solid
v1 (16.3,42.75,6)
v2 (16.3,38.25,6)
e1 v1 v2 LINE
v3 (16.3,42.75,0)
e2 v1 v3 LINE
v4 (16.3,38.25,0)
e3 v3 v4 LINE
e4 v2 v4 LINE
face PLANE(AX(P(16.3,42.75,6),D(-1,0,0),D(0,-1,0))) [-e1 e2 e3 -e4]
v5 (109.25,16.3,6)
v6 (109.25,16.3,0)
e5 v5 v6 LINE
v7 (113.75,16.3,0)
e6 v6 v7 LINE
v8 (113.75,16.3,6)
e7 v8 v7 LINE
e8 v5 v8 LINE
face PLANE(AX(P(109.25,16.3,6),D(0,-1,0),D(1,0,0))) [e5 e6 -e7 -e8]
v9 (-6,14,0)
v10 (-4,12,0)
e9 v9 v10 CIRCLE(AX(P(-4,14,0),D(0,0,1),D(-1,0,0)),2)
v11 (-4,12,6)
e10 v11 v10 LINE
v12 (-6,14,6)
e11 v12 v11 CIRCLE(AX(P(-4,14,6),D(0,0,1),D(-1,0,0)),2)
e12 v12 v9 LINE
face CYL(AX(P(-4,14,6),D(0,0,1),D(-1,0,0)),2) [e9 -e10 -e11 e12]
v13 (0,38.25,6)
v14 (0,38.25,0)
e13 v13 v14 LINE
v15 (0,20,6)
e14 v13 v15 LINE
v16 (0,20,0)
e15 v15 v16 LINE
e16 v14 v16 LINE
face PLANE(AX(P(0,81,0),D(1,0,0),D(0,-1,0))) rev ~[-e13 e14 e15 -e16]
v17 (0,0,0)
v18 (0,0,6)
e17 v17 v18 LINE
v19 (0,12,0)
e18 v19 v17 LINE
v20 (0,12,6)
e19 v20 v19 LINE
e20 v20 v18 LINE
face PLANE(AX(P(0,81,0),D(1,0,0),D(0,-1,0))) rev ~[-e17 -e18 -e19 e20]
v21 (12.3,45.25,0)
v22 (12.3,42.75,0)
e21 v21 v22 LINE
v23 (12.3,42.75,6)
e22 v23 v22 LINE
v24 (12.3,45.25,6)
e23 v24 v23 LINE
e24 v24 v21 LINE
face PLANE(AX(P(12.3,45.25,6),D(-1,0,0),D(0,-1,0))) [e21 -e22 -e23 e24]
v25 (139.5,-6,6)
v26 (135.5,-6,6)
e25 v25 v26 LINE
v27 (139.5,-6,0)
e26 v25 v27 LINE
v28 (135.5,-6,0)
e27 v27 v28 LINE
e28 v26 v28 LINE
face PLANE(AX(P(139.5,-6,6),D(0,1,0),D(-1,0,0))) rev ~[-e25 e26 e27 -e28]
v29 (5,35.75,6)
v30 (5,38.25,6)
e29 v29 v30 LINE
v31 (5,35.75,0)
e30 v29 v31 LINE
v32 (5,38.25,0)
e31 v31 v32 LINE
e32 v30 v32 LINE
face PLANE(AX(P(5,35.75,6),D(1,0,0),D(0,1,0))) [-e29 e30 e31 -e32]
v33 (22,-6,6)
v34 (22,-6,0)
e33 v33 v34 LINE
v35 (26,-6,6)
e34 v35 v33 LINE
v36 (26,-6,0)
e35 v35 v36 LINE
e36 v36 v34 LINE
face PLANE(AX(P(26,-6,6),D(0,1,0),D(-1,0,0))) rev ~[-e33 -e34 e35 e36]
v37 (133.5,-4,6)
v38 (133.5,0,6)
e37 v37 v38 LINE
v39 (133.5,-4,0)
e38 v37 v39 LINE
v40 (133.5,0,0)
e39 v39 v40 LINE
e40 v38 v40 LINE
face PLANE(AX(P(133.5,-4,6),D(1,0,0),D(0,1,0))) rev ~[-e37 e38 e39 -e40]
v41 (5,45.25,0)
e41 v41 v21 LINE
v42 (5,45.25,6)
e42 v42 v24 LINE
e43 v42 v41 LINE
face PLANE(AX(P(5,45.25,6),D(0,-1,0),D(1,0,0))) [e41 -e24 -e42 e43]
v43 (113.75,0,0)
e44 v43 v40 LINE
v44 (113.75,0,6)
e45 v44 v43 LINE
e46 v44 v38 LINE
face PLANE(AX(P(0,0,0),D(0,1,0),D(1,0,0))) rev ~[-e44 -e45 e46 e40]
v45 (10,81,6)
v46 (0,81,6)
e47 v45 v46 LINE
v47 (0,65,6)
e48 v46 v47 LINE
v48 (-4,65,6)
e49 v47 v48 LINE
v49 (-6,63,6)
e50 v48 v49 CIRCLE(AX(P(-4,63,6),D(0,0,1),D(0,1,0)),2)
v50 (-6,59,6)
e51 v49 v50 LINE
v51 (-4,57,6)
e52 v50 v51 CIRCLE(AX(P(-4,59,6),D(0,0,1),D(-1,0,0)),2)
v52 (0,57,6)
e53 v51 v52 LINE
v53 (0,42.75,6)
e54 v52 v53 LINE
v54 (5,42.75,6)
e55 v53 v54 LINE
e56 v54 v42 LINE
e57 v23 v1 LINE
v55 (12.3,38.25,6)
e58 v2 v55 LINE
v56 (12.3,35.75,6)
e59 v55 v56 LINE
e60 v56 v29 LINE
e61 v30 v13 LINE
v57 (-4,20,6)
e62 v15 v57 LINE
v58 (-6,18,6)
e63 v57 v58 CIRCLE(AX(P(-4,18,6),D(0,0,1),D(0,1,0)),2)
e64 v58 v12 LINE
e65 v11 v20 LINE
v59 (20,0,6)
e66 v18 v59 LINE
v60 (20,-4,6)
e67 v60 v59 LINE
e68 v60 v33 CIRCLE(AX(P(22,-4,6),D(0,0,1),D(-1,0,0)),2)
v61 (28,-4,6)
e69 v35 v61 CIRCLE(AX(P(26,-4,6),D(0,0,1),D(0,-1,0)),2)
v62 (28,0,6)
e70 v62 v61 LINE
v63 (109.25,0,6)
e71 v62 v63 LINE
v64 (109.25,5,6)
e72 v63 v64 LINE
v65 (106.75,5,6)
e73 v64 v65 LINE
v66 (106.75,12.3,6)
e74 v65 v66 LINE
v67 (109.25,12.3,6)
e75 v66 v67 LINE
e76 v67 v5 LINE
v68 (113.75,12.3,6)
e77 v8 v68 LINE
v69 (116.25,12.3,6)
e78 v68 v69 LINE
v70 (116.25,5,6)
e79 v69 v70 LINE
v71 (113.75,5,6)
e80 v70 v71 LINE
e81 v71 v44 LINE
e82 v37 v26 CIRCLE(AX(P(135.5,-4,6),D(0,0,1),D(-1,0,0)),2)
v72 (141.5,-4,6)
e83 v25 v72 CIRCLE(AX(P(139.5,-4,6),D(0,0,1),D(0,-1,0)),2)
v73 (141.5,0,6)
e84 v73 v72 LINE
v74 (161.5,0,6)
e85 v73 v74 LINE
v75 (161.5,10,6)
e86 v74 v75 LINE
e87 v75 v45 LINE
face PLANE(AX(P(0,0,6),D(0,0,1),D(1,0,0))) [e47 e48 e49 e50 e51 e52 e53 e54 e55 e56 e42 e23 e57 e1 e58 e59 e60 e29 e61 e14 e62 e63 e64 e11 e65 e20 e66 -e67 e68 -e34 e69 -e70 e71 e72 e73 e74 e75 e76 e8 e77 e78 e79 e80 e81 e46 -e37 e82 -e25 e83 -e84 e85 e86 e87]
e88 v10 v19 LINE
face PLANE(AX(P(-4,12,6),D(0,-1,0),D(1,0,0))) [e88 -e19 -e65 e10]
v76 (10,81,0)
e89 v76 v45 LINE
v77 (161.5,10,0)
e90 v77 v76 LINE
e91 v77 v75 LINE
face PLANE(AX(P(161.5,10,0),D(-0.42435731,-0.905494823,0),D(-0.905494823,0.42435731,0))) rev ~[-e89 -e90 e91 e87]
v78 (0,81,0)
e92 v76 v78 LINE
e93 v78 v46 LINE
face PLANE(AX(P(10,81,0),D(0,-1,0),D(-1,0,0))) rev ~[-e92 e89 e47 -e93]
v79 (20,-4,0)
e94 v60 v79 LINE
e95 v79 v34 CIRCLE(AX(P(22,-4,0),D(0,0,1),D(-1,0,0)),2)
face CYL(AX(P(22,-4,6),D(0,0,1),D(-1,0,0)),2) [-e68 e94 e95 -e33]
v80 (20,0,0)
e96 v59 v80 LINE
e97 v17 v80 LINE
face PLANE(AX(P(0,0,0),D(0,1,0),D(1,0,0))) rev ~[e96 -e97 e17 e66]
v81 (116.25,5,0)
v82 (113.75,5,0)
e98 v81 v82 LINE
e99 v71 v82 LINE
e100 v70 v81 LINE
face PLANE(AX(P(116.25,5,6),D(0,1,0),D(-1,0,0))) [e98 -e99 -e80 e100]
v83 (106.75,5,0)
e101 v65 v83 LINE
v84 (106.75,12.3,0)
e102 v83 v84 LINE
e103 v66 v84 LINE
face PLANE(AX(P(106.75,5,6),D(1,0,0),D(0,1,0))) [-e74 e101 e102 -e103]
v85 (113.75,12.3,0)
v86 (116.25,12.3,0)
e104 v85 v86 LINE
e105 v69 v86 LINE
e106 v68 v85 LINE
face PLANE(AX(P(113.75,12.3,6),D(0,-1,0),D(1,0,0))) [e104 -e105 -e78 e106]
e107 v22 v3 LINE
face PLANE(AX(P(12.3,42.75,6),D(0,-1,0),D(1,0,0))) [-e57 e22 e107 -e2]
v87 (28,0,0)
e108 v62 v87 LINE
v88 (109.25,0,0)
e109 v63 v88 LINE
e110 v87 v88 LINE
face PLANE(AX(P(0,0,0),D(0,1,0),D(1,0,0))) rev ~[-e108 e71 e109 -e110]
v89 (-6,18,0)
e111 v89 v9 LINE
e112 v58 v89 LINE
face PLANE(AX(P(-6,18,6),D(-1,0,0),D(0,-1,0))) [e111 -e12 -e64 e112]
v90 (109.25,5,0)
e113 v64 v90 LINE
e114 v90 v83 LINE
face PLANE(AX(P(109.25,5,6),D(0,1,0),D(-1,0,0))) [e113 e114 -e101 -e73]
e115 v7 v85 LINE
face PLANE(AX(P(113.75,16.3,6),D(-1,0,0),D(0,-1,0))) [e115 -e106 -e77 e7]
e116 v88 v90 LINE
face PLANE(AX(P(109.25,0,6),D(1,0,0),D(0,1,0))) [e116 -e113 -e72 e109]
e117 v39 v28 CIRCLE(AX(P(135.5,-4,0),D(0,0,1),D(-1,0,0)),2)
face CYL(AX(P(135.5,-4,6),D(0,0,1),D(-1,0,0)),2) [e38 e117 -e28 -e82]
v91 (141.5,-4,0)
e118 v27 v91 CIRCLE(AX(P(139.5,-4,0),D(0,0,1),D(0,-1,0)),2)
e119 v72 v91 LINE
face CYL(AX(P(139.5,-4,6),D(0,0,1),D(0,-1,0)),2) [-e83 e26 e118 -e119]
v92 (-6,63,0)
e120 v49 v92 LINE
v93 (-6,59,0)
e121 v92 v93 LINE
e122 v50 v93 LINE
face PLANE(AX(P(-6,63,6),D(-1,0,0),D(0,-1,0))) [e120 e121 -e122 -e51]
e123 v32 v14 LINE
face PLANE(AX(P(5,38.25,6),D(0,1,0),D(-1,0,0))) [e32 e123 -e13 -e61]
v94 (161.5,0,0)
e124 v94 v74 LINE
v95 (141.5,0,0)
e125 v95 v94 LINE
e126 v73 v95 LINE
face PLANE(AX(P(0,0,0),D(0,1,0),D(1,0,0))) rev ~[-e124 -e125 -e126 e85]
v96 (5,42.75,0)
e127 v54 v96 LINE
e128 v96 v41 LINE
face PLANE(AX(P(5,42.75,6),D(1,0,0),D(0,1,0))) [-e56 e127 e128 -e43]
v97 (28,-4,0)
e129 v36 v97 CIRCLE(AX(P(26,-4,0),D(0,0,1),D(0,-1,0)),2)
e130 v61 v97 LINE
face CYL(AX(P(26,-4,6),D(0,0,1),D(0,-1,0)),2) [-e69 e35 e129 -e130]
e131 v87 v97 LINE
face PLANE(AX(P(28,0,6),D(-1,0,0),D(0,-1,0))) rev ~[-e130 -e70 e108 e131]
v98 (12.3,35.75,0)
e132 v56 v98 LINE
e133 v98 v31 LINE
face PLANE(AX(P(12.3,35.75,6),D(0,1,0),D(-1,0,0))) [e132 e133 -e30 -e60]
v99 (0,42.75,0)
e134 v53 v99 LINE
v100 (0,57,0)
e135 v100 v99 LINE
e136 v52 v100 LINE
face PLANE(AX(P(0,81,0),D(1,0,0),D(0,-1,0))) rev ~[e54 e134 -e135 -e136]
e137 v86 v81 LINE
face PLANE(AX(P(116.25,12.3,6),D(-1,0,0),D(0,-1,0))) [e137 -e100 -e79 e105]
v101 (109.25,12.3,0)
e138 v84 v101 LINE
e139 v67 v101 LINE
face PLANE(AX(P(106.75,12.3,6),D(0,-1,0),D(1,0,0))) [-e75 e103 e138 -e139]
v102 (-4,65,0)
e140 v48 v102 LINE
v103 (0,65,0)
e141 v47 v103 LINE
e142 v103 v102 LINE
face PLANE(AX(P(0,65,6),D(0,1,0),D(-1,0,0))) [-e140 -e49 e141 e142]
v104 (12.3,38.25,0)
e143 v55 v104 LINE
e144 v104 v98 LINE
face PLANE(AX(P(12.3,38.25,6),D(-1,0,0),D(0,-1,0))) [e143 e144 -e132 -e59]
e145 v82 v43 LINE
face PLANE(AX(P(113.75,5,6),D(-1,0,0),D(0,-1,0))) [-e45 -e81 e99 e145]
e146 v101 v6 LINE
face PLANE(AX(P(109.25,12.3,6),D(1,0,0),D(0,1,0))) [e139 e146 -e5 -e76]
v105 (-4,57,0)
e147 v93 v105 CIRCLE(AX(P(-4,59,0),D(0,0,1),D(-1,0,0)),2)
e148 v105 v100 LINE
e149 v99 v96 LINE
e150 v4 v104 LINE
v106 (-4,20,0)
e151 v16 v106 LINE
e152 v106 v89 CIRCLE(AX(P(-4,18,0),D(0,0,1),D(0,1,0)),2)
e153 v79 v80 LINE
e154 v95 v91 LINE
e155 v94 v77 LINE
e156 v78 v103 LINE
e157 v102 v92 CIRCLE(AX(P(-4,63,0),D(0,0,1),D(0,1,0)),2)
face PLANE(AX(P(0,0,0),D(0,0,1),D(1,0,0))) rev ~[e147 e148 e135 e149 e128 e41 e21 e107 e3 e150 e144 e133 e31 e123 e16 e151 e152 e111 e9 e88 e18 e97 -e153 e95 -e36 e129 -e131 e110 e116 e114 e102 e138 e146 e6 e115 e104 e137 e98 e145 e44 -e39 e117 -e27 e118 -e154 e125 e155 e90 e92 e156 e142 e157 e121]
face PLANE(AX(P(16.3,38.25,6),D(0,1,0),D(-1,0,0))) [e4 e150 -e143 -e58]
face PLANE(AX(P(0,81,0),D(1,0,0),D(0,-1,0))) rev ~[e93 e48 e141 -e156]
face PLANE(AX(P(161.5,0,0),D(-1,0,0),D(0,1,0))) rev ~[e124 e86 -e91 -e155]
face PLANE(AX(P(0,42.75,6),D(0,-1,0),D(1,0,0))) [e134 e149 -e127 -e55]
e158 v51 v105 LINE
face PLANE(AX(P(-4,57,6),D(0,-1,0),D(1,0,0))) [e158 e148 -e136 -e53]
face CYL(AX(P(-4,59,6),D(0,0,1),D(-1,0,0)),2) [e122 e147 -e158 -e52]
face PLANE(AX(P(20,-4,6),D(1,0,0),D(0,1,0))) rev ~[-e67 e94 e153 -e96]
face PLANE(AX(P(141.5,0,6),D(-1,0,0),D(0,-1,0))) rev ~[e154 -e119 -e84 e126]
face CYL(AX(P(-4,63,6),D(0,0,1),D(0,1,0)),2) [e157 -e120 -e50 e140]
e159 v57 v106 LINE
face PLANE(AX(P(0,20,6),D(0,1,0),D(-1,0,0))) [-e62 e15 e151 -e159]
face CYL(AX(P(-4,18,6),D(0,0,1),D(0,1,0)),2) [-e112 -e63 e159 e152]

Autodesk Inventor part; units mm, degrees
ref_plane "YZ Plane" through (0, 0, 0) normal (1, 0, 0) x (0, 1, 0)
ref_plane "XZ Plane" through (0, 0, 0) normal (0, 1, 0) x (-1, 0, 0)
ref_plane "XY Plane" through (0, 0, 0) normal (0, 0, 1) x (1, 0, 0)
sketch "Sketch1" plane through (0, 0, 0) normal (0, 0, 1) x (1, 0, 0)
  line L0 (0, 81) -> (0, 0)
  line L1 (0, 0) -> (161.5, 0)
  line L2 (161.5, 0) -> (161.5, 10)
  line L3 (161.5, 10) -> (10, 81)
  line L4 (10, 81) -> (0, 81)
  dimension "d0" = 161.5
  dimension "d1" = 81
  dimension "d2" = 10
  dimension "d3" = 10
extrude "Extrusion1" add sketch "Sketch1" along normal blind 6
sketch "Sketch2" plane through (0, 0, 6) normal (0, 0, 1) x (1, 0, 0)
  line L0 (0, 81) -> (0, 0) projected
  line L1 (0, 0) -> (161.5, 0) projected
  line L2 (161.5, 0) -> (161.5, 10) projected
  line L3 (16.3, 42.75) -> (16.3, 38.25)
  line L4 (0, 38.25) -> (0, 42.75)
  line L5 (5, 45.25) -> (12.3, 45.25)
  line L6 (12.3, 35.75) -> (5, 35.75)
  line L7 (0, 42.75) -> (5, 42.75)
  line L8 (12.3, 42.75) -> (16.3, 42.75)
  line L9 (16.3, 38.25) -> (12.3, 38.25)
  line L10 (5, 38.25) -> (0, 38.25)
  line L11 (5, 35.75) -> (5, 38.25)
  line L12 (5, 42.75) -> (5, 45.25)
  line L13 (12.3, 45.25) -> (12.3, 42.75)
  line L14 (12.3, 38.25) -> (12.3, 35.75)
  line L15 (109.25, 16.3) -> (113.75, 16.3)
  line L16 (113.75, 0) -> (109.25, 0)
  line L17 (116.25, 12.3) -> (116.25, 5)
  line L18 (106.75, 5) -> (106.75, 12.3)
  line L19 (106.75, 12.3) -> (109.25, 12.3)
  line L20 (113.75, 12.3) -> (116.25, 12.3)
  line L21 (116.25, 5) -> (113.75, 5)
  line L22 (109.25, 5) -> (106.75, 5)
  line L23 (109.25, 0) -> (109.25, 5)
  line L24 (109.25, 12.3) -> (109.25, 16.3)
  line L25 (113.75, 16.3) -> (113.75, 12.3)
  line L26 (113.75, 5) -> (113.75, 0)
  point P0 (16.3, 40.5)
  point P1 (0, 40.5)
  point P2 (111.5, 16.3)
  dimension "d6" = 4.5
  dimension "d7" = 2.5
  dimension "d8" = 2.5
  dimension "d9" = 5
  dimension "d10" = 7.3
  dimension "d11" = 4
  dimension "d12" = 4.5
  dimension "d13" = 5
  dimension "d14" = 7.3
  dimension "d15" = 4
  dimension "d16" = 2.5
  dimension "d17" = 2.5
  dimension "d18" = 50
extrude "Extrusion2" cut sketch "Sketch2" against normal blind 6
sketch "Sketch3" plane through (0, 0, 6) normal (0, 0, 1) x (1, 0, 0)
  line L0 (0, 38.25) -> (0, 0) projected
  line L1 (0, 0) -> (109.25, 0) projected
  line L2 (113.75, 0) -> (161.5, 0) projected
  line L3 (10, 81) -> (0, 81) projected
  line L4 (0, 81) -> (0, 42.75) projected
  line L5 (0, 65) -> (-4, 65)
  line L6 (-6, 63) -> (-6, 59)
  line L7 (-4, 57) -> (0, 57)
  line L8 (0, 57) -> (0, 65)
  line L9 (0, 20) -> (-4, 20)
  line L10 (-6, 18) -> (-6, 14)
  line L11 (-4, 12) -> (0, 12)
  line L12 (0, 12) -> (0, 20)
  line L13 (20, 0) -> (28, 0)
  line L14 (28, 0) -> (28, -4)
  line L15 (26, -6) -> (22, -6)
  line L16 (20, -4) -> (20, 0)
  line L17 (133.5, 0) -> (141.5, 0)
  line L18 (141.5, 0) -> (141.5, -4)
  line L19 (139.5, -6) -> (135.5, -6)
  line L20 (133.5, -4) -> (133.5, 0)
  arc A0 (-4, 65) -> (-6, 63) centre (-4, 63) ccw
  arc A1 (-6, 59) -> (-4, 57) centre (-4, 59) ccw
  arc A2 (-4, 20) -> (-6, 18) centre (-4, 18) ccw
  arc A3 (-6, 14) -> (-4, 12) centre (-4, 14) ccw
  arc A4 (20, -4) -> (22, -6) centre (22, -4) ccw
  arc A5 (26, -6) -> (28, -4) centre (26, -4) ccw
  arc A6 (133.5, -4) -> (135.5, -6) centre (135.5, -4) ccw
  arc A7 (139.5, -6) -> (141.5, -4) centre (139.5, -4) ccw
  dimension "d21" = 2
  dimension "d22" = 8
  dimension "d23" = 8
  dimension "d24" = 8
  dimension "d25" = 8
  dimension "d26" = 6
  dimension "d27" = 6
  dimension "d28" = 12
  dimension "d29" = 16
  dimension "d30" = 20
  dimension "d31" = 20
extrude "Extrusion3" add sketch "Sketch3" against normal blind 6
properties part number "wiring_brace"
